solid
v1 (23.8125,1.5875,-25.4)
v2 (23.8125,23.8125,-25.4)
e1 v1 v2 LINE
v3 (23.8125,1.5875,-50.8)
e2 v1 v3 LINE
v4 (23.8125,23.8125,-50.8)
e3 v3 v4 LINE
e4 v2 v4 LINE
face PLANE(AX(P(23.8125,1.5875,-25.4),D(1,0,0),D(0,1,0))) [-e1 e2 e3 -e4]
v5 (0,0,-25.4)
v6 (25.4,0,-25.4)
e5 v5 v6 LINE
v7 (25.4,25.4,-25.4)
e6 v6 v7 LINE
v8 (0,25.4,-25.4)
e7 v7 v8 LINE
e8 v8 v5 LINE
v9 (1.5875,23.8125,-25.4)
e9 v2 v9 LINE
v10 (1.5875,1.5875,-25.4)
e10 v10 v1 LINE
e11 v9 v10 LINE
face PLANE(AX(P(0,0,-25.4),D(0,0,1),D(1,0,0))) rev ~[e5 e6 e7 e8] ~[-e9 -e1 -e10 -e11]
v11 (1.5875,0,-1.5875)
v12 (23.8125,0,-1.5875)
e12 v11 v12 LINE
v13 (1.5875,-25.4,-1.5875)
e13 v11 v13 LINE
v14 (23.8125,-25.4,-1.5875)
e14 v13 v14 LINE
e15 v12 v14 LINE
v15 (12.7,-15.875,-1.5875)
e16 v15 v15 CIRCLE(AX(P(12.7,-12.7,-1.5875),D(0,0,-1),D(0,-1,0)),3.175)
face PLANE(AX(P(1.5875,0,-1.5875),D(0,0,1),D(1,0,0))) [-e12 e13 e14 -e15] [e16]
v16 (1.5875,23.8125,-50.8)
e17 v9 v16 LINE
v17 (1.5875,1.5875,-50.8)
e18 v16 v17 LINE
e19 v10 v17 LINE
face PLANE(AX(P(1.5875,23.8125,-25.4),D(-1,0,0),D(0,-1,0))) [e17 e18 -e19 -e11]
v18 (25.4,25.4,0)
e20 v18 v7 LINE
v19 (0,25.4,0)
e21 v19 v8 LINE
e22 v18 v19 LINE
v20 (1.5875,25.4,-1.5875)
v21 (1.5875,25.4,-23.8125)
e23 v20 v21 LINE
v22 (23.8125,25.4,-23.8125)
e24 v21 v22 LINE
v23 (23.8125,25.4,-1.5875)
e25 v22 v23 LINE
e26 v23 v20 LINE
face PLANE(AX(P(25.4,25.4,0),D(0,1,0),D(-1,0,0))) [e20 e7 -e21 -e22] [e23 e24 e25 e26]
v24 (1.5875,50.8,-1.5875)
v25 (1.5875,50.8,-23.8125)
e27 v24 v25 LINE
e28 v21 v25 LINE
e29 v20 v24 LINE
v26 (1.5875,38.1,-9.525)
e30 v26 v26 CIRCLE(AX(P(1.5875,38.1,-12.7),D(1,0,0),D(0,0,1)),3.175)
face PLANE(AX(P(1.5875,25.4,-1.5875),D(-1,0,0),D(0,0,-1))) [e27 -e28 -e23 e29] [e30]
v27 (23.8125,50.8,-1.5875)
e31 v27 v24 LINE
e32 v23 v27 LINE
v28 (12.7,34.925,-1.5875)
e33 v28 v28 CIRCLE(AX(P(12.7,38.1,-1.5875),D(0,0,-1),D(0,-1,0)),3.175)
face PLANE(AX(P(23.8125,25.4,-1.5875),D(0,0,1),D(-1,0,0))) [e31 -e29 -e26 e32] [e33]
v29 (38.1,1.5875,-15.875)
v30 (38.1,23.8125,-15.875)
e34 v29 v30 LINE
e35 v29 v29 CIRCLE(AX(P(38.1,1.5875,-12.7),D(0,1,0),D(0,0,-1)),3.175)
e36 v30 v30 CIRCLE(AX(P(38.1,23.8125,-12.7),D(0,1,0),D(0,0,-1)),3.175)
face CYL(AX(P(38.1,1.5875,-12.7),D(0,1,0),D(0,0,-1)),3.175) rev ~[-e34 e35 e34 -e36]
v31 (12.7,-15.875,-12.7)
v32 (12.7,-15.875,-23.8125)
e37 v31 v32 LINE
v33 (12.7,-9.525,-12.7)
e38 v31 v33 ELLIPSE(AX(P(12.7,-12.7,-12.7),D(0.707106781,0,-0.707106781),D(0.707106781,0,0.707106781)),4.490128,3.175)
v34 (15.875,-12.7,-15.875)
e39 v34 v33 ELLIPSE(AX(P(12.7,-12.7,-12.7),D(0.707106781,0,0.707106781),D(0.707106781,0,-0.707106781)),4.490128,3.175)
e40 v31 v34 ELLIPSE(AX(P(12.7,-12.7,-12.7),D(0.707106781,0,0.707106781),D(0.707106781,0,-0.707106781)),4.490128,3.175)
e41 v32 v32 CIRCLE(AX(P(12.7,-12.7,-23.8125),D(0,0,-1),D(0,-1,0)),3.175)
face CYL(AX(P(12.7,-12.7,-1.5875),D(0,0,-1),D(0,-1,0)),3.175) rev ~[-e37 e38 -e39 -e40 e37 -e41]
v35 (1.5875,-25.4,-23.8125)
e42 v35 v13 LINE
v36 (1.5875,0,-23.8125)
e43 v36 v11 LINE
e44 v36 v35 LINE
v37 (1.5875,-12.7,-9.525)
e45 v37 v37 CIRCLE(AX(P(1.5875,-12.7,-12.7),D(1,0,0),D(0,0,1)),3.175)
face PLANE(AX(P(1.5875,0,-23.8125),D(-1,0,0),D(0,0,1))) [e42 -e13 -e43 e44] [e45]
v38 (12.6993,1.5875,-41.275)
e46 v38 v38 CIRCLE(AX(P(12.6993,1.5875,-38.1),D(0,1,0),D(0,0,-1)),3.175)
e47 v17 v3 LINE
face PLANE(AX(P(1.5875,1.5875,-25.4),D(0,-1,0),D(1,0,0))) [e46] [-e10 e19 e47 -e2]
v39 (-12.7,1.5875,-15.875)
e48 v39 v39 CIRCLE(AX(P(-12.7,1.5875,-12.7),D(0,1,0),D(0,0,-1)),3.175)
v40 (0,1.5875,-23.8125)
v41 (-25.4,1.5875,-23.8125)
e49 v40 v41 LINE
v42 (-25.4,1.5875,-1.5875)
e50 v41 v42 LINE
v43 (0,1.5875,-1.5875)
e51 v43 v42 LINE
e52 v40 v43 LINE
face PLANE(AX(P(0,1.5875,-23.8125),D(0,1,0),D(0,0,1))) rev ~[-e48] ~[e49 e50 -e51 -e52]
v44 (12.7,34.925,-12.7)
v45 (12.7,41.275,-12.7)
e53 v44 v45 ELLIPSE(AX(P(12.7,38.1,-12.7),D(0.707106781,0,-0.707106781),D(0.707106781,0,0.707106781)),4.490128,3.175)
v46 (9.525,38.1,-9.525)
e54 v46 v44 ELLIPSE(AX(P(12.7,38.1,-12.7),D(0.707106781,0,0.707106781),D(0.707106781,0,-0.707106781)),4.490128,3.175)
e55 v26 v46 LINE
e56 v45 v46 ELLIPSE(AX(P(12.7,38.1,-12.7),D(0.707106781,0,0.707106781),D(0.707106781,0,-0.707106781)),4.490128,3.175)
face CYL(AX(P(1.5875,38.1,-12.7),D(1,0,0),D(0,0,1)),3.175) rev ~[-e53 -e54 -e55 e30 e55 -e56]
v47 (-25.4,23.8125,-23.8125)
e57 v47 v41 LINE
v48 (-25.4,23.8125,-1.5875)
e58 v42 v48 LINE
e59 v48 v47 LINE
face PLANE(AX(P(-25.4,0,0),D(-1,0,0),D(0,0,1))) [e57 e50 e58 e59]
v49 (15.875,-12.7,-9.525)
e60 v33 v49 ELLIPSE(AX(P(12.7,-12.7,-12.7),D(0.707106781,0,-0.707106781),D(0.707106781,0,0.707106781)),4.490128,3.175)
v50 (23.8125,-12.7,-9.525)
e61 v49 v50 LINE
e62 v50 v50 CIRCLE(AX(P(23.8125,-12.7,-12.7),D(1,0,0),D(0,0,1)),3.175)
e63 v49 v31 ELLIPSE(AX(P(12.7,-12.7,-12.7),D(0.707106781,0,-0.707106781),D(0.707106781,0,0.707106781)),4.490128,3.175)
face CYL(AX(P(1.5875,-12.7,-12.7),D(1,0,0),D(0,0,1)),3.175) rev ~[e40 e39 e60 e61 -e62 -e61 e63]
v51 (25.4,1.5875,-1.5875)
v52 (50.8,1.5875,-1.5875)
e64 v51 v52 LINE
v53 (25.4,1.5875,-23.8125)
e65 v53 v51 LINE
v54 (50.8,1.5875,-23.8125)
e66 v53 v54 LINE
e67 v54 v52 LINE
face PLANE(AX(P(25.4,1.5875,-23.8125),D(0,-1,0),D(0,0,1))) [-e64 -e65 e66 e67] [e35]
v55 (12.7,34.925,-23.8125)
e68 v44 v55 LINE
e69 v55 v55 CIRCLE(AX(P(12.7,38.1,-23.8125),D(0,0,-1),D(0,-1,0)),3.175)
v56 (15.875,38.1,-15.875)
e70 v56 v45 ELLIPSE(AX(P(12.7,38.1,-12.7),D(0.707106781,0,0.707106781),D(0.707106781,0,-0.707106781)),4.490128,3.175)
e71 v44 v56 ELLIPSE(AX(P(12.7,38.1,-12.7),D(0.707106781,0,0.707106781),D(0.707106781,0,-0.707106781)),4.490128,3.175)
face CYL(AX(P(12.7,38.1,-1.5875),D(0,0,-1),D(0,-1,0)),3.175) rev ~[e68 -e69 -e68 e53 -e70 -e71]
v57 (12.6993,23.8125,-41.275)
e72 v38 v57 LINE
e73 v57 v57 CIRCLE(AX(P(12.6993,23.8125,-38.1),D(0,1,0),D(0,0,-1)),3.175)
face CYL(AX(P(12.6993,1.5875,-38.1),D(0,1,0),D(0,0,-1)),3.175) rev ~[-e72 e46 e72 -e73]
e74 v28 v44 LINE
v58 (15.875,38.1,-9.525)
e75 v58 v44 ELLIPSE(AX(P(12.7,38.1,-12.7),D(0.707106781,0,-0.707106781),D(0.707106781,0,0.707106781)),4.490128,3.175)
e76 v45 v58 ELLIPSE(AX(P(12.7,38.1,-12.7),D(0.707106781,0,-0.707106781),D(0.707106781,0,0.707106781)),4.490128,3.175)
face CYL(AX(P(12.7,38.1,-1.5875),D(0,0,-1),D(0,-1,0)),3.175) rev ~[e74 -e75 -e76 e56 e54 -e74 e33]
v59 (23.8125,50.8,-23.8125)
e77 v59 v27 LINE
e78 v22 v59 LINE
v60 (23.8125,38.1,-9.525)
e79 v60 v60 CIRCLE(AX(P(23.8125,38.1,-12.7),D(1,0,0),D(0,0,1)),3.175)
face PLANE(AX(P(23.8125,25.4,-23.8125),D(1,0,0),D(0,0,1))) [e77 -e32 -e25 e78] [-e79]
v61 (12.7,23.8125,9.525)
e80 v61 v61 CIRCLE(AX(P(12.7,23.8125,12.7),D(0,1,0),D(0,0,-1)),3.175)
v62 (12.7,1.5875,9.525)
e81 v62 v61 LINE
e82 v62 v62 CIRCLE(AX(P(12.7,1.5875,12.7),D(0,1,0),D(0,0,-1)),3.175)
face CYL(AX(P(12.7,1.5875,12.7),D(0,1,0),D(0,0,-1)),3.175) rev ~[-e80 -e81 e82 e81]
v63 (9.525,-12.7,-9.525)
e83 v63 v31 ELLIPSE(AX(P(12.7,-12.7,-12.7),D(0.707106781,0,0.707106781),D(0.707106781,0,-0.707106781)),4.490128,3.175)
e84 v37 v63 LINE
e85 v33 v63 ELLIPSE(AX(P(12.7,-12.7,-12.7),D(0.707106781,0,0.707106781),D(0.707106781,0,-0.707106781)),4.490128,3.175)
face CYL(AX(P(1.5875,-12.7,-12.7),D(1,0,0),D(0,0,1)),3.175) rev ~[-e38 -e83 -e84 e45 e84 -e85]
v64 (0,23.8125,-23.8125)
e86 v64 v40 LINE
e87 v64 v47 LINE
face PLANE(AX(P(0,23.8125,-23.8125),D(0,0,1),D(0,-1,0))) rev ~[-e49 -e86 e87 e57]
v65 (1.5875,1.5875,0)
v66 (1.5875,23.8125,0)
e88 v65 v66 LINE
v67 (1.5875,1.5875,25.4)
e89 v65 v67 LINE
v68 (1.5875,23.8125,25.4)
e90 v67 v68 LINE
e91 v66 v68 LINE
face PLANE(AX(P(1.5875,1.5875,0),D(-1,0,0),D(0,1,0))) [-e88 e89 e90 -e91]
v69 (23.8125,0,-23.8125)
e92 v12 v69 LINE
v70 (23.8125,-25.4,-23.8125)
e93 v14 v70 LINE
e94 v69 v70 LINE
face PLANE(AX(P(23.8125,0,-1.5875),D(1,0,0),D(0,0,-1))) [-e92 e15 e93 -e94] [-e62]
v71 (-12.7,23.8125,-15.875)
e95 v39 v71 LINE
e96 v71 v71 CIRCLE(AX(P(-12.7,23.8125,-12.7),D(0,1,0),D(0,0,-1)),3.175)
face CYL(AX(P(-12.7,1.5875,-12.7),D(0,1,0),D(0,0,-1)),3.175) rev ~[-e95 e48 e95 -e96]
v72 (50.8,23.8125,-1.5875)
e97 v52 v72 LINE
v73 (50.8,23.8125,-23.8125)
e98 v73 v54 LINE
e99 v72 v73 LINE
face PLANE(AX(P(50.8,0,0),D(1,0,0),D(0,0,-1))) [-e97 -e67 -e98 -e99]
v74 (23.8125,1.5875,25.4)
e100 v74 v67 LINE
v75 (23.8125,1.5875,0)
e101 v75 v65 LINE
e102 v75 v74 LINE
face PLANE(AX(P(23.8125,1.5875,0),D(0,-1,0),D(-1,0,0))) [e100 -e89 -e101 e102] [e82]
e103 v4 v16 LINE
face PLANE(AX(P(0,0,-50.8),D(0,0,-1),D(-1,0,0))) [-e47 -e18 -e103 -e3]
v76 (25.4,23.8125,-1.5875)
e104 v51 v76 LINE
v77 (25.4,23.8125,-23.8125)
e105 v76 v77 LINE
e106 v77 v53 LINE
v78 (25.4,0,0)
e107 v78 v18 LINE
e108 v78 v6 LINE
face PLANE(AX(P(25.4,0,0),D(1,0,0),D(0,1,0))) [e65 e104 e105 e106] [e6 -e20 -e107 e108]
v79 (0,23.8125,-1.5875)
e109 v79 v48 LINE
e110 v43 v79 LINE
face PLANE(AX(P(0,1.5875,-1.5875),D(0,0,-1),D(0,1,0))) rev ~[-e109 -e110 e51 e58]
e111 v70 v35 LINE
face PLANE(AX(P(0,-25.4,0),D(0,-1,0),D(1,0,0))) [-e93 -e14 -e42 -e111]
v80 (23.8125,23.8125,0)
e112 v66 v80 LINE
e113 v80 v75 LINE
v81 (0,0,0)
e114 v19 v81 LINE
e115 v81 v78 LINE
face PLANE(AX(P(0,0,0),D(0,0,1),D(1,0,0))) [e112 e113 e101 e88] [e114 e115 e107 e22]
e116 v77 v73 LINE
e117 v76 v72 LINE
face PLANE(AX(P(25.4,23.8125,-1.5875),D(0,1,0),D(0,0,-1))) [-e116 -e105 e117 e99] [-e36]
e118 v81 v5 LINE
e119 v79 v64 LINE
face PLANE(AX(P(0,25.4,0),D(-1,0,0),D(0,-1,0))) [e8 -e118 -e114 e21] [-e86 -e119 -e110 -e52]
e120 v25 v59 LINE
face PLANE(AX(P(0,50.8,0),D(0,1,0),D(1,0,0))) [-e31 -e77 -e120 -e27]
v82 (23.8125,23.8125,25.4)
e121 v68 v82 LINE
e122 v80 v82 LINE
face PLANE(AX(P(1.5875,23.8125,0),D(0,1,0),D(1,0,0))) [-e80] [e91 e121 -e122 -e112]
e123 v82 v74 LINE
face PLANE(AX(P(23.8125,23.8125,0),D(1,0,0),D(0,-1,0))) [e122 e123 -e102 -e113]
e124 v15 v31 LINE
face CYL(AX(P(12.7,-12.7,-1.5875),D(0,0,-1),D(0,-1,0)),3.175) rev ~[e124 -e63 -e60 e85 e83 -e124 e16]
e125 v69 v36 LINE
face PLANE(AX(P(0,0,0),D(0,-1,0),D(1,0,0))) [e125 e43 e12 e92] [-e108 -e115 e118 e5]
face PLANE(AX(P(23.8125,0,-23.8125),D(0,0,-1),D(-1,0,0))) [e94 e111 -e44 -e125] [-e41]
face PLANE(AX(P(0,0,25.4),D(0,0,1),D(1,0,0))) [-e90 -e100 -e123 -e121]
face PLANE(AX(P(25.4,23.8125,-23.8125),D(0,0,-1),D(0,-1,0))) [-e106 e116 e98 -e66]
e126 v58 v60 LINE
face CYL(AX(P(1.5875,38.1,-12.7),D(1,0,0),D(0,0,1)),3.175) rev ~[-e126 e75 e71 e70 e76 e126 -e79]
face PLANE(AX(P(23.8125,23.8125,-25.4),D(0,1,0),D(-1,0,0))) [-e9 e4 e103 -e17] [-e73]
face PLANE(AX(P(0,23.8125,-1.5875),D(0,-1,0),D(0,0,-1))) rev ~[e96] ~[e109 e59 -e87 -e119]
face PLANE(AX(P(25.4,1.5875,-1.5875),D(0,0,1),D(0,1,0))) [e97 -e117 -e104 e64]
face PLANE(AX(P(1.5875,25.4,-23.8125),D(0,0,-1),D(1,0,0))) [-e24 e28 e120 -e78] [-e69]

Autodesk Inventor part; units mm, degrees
ref_plane "YZ Plane" through (0, 0, 0) normal (1, 0, 0) x (0, 1, 0)
ref_plane "XZ Plane" through (0, 0, 0) normal (0, 1, 0) x (-1, 0, 0)
ref_plane "XY Plane" through (0, 0, 0) normal (0, 0, 1) x (1, 0, 0)
sketch "Sketch1" plane through (0, 0, 0) normal (0, 0, 1) x (1, 0, 0)
  line L0 (0, 0) -> (25.4, 0)
  line L1 (25.4, 0) -> (25.4, 25.4)
  line L2 (25.4, 25.4) -> (0, 25.4)
  line L3 (0, 25.4) -> (0, 0)
  line L4 (1.5875, 23.8125) -> (23.8125, 23.8125)
  line L5 (23.8125, 23.8125) -> (23.8125, 1.5875)
  line L6 (23.8125, 1.5875) -> (1.5875, 1.5875)
  line L7 (1.5875, 1.5875) -> (1.5875, 23.8125)
  dimension "d0" = 25.4
  dimension "d1" = 25.4
  dimension "d4" = 1.5875
extrude "Extrusion1" add sketch "Sketch1" against normal blind 25.4 contours L3 L2 L1 L0 | L4 L5 L6 L7
extrude "Extrusion2" add sketch "Sketch1" along normal blind 25.4 contours L4 L5 L6 L7
sketch "Sketch2" plane through (25.4, 0, 0) normal (1, 0, 0) x (0, 0, -1)
  line L0 (25.4, 0) -> (25.4, 25.4) projected
  line L1 (0, 25.4) -> (25.4, 25.4) projected
  line L2 (0, 0) -> (0, 25.4) projected
  line L3 (0, 0) -> (25.4, 0) projected
  line L4 (23.8125, 23.8125) -> (23.8125, 1.5875)
  line L5 (23.8125, 1.5875) -> (1.5875, 1.5875)
  line L6 (1.5875, 1.5875) -> (1.5875, 23.8125)
  line L7 (1.5875, 23.8125) -> (23.8125, 23.8125)
  dimension "d8" = 1.5875
sketch "Sketch3" plane through (0, 25.4, 0) normal (0, 1, 0) x (1, 0, 0)
  line L0 (25.4, 25.4) -> (0, 25.4) projected
  line L1 (0, 0) -> (0, 25.4) projected
  line L2 (25.4, 0) -> (0, 0) projected
  line L3 (25.4, 0) -> (25.4, 25.4) projected
  line L4 (1.5875, 23.8125) -> (23.8125, 23.8125)
  line L5 (23.8125, 23.8125) -> (23.8125, 1.5875)
  line L6 (23.8125, 1.5875) -> (1.5875, 1.5875)
  line L7 (1.5875, 1.5875) -> (1.5875, 23.8125)
  dimension "d9" = 1.5875
extrude "Extrusion3" add sketch "Sketch2" along normal blind 25.4 contours L4 L5 L6 L7
extrude "Extrusion4" add sketch "Sketch3" along normal blind 25.4 contours L4 L5 L6 L7
sketch "Sketch4" plane through (0, 0, 0) normal (-1, 0, 0) x (0, 0, 1)
  line L0 (-25.4, 25.4) -> (-25.4, 0) projected
  line L1 (0, 0) -> (-25.4, 0) projected
  line L2 (0, 25.4) -> (0, 0) projected
  line L3 (0, 25.4) -> (-25.4, 25.4) projected
  line L4 (-23.8125, 23.8125) -> (-23.8125, 1.5875)
  line L5 (-23.8125, 1.5875) -> (-1.5875, 1.5875)
  line L6 (-1.5875, 1.5875) -> (-1.5875, 23.8125)
  line L7 (-1.5875, 23.8125) -> (-23.8125, 23.8125)
  dimension "d15" = 1.5875
extrude "Extrusion5" add sketch "Sketch4" along normal blind 25.4 contours L7 L6 L5 L4
sketch "Sketch5" plane through (0, 0, -25.4) normal (0, 0, -1) x (-1, 0, 0)
  line L0 (-25.4, 0) -> (-25.4, 25.4) projected
  line L1 (0, 0) -> (-25.4, 0) projected
  line L2 (0, 25.4) -> (0, 0) projected
  line L3 (-25.4, 25.4) -> (0, 25.4) projected
  line L4 (-1.5875, 23.8125) -> (-1.5875, 1.5875)
  line L5 (-1.5875, 1.5875) -> (-23.8125, 1.5875)
  line L6 (-23.8125, 1.5875) -> (-23.8125, 23.8125)
  line L7 (-23.8125, 23.8125) -> (-1.5875, 23.8125)
  dimension "d18" = 1.5875
extrude "Extrusion6" add sketch "Sketch5" along normal blind 25.4 contours L4 L5 L6 L7
sketch "Sketch6" plane through (0, 0, 0) normal (0, -1, 0) x (1, 0, 0)
  line L0 (0, -25.4) -> (25.4, -25.4) projected
  line L1 (25.4, 0) -> (25.4, -25.4) projected
  line L2 (0, 0) -> (25.4, 0) projected
  line L3 (0, 0) -> (0, -25.4) projected
  line L4 (23.8125, -23.8125) -> (1.5875, -23.8125)
  line L5 (1.5875, -23.8125) -> (1.5875, -1.5875)
  line L6 (1.5875, -1.5875) -> (23.8125, -1.5875)
  line L7 (23.8125, -1.5875) -> (23.8125, -23.8125)
  dimension "d21" = 1.5875
extrude "Extrusion7" add sketch "Sketch6" along normal blind 25.4 contours L4 L5 L6 L7
sketch "Sketch7" plane through (0, 1.5875, -23.8125) normal (0, -1, 0) x (1, 0, 0)
  line L0 (0, 22.225) -> (0, 0) projected
  line L1 (0, 23.8125) -> (25.4, 23.8125) projected
  line L2 (25.4, 23.8125) -> (25.4, -1.5875) projected
  point P0 (-12.7, 11.1125)
  point P1 (38.1, 11.1125)
  point P2 (12.6993, -14.2875)
  point P3 (12.7, 36.5125)
  dimension "d24" = 12.7
  dimension "d25" = 50.8
  dimension "d26" = 12.7
  dimension "d27" = 12.7
  dimension "d28" = 12.7
hole "Hole1" at (-12.7, 1.5875, -12.7) at (38.1, 1.5875, -12.7) at (12.6993, 1.5875, -38.1) at (12.7, 1.5875, 12.7) direction (0, 1, 0) diameter 6.35 depth 25.4 tip angle 118
sketch "Sketch8" plane through (1.5875, 0, -23.8125) normal (-1, 0, 0) x (0, 0, 1)
  line L0 (0, -25.4) -> (22.225, -25.4) projected
  line L1 (0, 0) -> (0, -25.4) projected
  point P0 (23.8125, 0)
  point P1 (11.1125, -12.7)
  point P2 (11.1125, 38.1)
  dimension "d36" = 50.8
  dimension "d37" = 12.7
  dimension "d38" = 11.1125
hole "Hole2" at (1.5875, -12.7, -12.7) at (1.5875, 38.1, -12.7) direction (1, 0, 0) diameter 6.35 depth 25.4 tip angle 118
sketch "Sketch9" plane through (1.5875, 0, -1.5875) normal (0, 0, 1) x (1, 0, 0)
  line L0 (0, -25.4) -> (22.225, -25.4) projected
  point P0 (-1.5875, 0)
  point P1 (11.1125, -12.7)
  point P2 (11.1125, 38.1)
  dimension "d46" = 50.8
  dimension "d47" = 12.7
hole "Hole3" at (12.7, -12.7, -1.5875) at (12.7, 38.1, -1.5875) direction (0, 0, -1) diameter 6.35 depth 25.4 tip angle 118
properties part number "6-way corner"
